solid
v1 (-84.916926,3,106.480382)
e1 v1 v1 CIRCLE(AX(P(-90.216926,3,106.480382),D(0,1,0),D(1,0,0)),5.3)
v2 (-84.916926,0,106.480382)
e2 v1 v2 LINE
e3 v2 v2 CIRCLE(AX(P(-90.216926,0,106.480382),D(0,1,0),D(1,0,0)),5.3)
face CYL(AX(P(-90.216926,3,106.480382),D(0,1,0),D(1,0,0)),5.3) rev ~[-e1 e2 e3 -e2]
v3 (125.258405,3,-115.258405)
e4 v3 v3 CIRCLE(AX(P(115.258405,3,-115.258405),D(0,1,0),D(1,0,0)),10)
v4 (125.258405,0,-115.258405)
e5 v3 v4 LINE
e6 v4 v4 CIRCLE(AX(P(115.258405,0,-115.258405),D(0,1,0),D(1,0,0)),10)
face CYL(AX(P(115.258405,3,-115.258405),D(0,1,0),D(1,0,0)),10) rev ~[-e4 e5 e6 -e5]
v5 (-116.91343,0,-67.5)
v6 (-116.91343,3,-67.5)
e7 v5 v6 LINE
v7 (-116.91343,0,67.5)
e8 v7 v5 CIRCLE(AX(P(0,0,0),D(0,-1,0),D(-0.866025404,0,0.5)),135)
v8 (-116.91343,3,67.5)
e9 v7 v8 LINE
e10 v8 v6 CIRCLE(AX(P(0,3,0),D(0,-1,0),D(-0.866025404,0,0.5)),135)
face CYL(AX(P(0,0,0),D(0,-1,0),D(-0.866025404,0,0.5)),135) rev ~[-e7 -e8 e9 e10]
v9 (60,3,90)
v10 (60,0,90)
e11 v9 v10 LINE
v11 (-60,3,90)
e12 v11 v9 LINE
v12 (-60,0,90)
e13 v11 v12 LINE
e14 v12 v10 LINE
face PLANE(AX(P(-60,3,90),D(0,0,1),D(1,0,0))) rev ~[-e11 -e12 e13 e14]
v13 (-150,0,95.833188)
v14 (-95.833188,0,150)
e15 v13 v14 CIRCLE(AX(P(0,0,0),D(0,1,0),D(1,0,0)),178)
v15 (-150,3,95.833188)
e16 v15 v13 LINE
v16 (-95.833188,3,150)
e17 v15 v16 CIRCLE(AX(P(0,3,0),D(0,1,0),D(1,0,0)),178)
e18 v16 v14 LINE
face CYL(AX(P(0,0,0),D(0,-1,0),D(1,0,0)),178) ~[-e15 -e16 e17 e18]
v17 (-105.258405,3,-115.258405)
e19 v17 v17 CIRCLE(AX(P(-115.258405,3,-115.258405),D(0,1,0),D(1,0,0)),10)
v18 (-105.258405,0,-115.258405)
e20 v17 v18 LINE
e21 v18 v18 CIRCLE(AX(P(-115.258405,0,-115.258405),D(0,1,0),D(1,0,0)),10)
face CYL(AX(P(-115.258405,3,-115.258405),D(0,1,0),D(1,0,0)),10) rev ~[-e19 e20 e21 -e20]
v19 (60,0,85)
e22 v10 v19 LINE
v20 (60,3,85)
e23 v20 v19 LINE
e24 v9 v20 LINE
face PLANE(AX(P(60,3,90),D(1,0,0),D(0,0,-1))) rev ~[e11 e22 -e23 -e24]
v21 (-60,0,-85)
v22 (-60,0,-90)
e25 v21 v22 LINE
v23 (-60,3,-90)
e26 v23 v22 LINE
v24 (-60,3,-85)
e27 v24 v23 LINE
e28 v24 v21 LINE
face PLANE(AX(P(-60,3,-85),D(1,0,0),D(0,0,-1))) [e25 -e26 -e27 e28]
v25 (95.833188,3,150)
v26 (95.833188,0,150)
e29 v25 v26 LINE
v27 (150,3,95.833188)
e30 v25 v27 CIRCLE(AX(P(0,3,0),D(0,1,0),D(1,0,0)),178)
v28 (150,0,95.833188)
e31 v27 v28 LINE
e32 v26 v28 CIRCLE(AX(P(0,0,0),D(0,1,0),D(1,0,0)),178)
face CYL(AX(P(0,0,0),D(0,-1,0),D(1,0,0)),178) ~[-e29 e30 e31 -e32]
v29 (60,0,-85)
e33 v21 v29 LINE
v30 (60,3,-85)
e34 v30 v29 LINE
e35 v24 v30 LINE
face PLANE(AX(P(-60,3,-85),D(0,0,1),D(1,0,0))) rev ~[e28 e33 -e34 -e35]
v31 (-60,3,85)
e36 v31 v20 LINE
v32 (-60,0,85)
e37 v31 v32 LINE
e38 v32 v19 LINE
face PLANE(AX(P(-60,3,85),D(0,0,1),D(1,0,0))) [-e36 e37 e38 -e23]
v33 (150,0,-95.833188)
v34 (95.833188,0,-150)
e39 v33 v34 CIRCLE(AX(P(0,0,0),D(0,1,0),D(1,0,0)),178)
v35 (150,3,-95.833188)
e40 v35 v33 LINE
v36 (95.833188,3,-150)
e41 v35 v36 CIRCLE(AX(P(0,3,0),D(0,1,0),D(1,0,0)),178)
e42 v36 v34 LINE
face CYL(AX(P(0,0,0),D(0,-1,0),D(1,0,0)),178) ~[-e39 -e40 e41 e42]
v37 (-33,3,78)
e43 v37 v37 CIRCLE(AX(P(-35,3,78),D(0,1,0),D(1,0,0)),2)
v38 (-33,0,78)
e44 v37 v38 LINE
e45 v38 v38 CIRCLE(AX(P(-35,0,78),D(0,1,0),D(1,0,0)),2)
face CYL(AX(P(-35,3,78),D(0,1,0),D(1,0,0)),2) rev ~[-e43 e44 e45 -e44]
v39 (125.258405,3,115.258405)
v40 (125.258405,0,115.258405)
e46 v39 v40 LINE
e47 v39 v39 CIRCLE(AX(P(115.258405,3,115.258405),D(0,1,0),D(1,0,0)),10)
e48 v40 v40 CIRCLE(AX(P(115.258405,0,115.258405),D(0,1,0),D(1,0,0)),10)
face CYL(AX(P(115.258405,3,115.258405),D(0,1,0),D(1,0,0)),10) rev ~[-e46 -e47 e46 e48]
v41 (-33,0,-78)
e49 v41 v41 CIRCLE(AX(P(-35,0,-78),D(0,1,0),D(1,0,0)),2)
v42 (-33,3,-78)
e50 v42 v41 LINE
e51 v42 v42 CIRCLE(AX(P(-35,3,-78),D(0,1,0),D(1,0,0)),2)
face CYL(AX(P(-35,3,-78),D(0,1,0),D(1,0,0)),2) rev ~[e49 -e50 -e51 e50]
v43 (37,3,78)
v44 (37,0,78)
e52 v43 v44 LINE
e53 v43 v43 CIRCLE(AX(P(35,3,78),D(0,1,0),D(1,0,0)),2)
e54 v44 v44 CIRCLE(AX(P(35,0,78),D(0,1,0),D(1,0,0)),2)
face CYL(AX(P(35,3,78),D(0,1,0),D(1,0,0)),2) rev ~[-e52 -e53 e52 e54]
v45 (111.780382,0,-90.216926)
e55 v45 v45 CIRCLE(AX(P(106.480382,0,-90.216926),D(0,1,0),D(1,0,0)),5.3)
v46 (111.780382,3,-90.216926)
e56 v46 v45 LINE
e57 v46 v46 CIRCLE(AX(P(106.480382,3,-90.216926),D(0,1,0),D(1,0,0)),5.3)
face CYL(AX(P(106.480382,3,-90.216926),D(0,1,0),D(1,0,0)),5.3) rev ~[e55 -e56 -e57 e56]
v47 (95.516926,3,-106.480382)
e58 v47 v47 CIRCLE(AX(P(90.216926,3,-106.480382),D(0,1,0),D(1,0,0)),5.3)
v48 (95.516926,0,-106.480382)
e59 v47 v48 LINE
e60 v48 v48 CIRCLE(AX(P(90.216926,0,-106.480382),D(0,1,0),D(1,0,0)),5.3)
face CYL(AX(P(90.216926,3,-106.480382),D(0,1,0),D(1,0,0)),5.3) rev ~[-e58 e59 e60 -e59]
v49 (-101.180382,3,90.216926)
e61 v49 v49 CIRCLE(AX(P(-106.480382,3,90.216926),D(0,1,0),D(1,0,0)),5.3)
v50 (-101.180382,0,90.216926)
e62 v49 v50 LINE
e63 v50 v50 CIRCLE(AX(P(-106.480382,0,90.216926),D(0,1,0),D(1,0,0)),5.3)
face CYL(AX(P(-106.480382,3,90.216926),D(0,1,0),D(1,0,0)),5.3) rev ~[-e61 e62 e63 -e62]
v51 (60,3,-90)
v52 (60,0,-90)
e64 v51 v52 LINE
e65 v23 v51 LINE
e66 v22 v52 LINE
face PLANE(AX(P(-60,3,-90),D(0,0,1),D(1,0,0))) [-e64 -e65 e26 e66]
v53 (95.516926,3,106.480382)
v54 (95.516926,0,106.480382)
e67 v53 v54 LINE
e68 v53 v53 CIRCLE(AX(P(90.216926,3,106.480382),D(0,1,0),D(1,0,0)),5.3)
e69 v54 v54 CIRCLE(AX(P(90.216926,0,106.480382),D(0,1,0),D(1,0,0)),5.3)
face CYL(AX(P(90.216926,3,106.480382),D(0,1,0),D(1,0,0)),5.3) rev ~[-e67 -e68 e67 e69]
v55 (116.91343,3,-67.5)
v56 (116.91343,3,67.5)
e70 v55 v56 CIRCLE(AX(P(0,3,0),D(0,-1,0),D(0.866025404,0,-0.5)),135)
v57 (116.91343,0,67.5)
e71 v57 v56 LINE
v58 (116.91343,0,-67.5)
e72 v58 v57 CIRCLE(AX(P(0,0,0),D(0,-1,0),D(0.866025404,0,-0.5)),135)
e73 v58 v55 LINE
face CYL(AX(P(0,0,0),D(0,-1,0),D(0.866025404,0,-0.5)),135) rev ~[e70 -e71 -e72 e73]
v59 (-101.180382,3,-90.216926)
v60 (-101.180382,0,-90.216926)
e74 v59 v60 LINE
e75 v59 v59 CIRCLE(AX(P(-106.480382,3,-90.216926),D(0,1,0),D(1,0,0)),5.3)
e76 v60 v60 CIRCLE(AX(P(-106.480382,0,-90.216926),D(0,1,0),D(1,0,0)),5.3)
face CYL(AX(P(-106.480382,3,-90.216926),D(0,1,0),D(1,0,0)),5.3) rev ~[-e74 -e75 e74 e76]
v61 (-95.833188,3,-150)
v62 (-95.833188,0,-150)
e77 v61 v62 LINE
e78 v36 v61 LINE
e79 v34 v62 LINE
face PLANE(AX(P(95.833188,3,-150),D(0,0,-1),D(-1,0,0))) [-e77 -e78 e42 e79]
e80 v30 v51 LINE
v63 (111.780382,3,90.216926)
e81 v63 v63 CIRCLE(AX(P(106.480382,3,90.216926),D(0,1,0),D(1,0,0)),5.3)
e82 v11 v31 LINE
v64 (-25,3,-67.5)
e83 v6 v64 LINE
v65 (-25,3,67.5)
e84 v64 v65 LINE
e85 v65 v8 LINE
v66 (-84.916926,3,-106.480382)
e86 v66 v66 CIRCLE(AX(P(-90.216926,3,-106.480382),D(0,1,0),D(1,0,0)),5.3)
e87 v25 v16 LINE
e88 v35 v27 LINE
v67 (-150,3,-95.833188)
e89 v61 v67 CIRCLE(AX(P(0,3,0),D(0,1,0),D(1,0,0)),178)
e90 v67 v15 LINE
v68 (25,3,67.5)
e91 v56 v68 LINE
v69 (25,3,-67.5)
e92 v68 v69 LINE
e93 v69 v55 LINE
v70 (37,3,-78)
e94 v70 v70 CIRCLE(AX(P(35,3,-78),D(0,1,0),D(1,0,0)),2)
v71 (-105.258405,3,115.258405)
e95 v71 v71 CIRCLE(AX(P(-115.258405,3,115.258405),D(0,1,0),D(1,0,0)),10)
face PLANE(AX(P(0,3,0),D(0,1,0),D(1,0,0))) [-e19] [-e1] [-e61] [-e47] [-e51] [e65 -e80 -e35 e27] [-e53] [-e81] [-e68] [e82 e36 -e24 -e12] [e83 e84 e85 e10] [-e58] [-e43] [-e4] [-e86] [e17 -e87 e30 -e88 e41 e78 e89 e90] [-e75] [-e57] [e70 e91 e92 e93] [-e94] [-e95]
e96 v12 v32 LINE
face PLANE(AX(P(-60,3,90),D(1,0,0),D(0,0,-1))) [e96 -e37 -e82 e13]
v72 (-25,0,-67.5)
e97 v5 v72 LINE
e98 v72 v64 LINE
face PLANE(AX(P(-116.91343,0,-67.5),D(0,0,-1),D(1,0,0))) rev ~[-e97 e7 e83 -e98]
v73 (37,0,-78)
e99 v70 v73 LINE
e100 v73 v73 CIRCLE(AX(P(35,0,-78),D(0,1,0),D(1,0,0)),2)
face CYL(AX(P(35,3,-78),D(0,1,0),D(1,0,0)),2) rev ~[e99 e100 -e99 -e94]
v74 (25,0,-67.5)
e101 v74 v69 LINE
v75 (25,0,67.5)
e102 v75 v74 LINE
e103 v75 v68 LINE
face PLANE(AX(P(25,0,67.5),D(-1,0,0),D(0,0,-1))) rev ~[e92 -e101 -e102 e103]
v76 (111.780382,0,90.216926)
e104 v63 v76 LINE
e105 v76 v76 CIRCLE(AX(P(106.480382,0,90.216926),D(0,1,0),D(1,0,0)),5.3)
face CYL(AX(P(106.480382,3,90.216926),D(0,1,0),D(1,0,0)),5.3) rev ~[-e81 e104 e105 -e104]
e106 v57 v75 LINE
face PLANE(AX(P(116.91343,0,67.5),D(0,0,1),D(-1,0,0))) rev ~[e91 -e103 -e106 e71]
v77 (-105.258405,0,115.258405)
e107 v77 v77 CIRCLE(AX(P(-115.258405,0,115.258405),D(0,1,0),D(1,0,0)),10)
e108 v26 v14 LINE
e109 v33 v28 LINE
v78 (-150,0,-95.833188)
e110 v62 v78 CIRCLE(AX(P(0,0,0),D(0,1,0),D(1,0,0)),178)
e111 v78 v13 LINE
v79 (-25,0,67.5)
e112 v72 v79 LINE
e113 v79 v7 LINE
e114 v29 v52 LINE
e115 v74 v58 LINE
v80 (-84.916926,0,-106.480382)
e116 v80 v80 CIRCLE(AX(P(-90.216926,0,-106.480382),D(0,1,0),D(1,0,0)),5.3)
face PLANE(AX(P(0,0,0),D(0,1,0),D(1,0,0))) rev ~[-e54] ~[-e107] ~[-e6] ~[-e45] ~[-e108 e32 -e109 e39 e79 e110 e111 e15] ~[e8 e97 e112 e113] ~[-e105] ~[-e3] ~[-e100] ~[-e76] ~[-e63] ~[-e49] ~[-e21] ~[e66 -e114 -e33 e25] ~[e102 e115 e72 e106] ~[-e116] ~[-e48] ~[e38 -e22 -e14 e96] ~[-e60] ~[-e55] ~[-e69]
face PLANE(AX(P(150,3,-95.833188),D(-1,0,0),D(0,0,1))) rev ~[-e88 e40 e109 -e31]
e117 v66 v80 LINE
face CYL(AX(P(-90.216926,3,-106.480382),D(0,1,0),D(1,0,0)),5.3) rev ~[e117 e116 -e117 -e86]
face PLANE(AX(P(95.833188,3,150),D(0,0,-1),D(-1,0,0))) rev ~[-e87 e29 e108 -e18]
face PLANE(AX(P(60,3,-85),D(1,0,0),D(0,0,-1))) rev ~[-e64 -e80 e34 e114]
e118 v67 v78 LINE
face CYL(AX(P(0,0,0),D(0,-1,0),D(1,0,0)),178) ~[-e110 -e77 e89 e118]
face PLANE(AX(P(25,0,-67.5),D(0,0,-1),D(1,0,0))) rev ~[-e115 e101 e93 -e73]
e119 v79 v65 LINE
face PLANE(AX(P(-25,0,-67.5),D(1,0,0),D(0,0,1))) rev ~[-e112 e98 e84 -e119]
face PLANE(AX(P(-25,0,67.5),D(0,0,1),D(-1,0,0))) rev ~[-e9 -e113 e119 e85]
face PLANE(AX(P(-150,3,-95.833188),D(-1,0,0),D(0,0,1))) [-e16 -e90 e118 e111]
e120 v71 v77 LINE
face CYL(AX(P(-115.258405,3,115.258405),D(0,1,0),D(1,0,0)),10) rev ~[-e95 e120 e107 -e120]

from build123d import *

# Parameters (mm, degrees)
SKETCH_3_R          = 178
EXTRUDE_3_DEPTH     = 3
SKETCH_4_R          = 10
SKETCH_4_R_2        = 5.3
CUT_EXTRUDE_1_DEPTH = 10
CUT_EXTRUDE_2_DEPTH = 10
SKETCH_6_R          = 2
SKETCH_6_W          = 120
SKETCH_6_H          = 5
CUT_EXTRUDE_3_DEPTH = 10


with BuildPart() as part:
    # 草图3 → 凸台-拉伸3 (new body)
    with BuildSketch(Plane(origin=(0, 0, 0), x_dir=(1, 0, 0), z_dir=(0, 1, 0))):
        Circle(SKETCH_3_R)
        with BuildLine():
            Line((-25, 33.75), (-25, -67.5))
            Line((-25, -67.5), (-116.913429511, -67.5))
            ThreePointArc((-116.913429511, -67.5), (-135, 0), (-116.913429511, 67.5))
            Line((-116.913429511, 67.5), (-25, 67.5))
            Line((-25, 67.5), (-25, 33.75))
        make_face(mode=Mode.SUBTRACT)
        with BuildLine():
            Line((25, 33.75), (25, 67.5))
            Line((25, 67.5), (116.913429511, 67.5))
            ThreePointArc((116.913429511, 67.5), (135, 0), (116.913429511, -67.5))
            Line((116.913429511, -67.5), (25, -67.5))
            Line((25, -67.5), (25, 33.75))
        make_face(mode=Mode.SUBTRACT)
    extrude(amount=EXTRUDE_3_DEPTH)

    # 草图4 → 切除-拉伸1 (cut)
    with BuildSketch(Plane(origin=(0, 3, 0), x_dir=(1, 0, 0), z_dir=(0, 1, 0))):
        with Locations((115.258405333, 115.258405333)):
            Circle(SKETCH_4_R)
        with Locations((115.258405333, -115.258405333)):
            Circle(SKETCH_4_R)
        with Locations((-115.258405333, -115.258405333)):
            Circle(SKETCH_4_R)
        with Locations((-115.258405333, 115.258405333)):
            Circle(SKETCH_4_R)
        with Locations((-90.216925784, -106.480381752)):
            Circle(SKETCH_4_R_2)
        with Locations((-106.480381752, -90.216925784)):
            Circle(SKETCH_4_R_2)
        with Locations((-106.480381752, 90.216925784)):
            Circle(SKETCH_4_R_2)
        with Locations((-90.216925784, 106.480381752)):
            Circle(SKETCH_4_R_2)
        with Locations((90.216925784, 106.480381752)):
            Circle(SKETCH_4_R_2)
        with Locations((106.480381752, 90.216925784)):
            Circle(SKETCH_4_R_2)
        with Locations((106.480381752, -90.216925784)):
            Circle(SKETCH_4_R_2)
        with Locations((90.216925784, -106.480381752)):
            Circle(SKETCH_4_R_2)
    extrude(amount=-CUT_EXTRUDE_1_DEPTH, mode=Mode.SUBTRACT)

    # 草图5 → 切除-拉伸2 (cut)
    with BuildSketch(Plane(origin=(0, 3, 0), x_dir=(1, 0, 0), z_dir=(0, 1, 0))):
        with BuildLine():
            Line((95.833188406, 150), (0, 150))
            Line((0, 150), (-95.833188406, 150))
            ThreePointArc((-95.833188406, 150), (0, 178), (95.833188406, 150))
        make_face()
        with BuildLine():
            Line((150, 95.833188406), (150, 0))
            Line((150, 0), (150, -95.833188406))
            ThreePointArc((150, -95.833188406), (178, 0), (150, 95.833188406))
        make_face()
        with BuildLine():
            Line((95.833188406, -150), (0, -150))
            Line((0, -150), (-95.833188406, -150))
            ThreePointArc((-95.833188406, -150), (0, -178), (95.833188406, -150))
        make_face()
        with BuildLine():
            Line((-150, 0), (-150, -95.833188406))
            ThreePointArc((-150, -95.833188406), (-178, 0), (-150, 95.833188406))
            Line((-150, 95.833188406), (-150, 0))
        make_face()
    extrude(amount=-CUT_EXTRUDE_2_DEPTH, mode=Mode.SUBTRACT)

    # 草图6 → 切除-拉伸3 (cut)
    with BuildSketch(Plane(origin=(0, 3, 0), x_dir=(1, 0, 0), z_dir=(0, 1, 0))):
        with Locations((35, -78)):
            Circle(SKETCH_6_R)
        with Locations((-35, -78)):
            Circle(SKETCH_6_R)
        with Locations((-35, 78)):
            Circle(SKETCH_6_R)
        with Locations((35, 78)):
            Circle(SKETCH_6_R)
        with Locations((0, -87.5)):
            Rectangle(SKETCH_6_W, SKETCH_6_H)
        with Locations((0, 87.5)):
            Rectangle(SKETCH_6_W, SKETCH_6_H)
    extrude(amount=-CUT_EXTRUDE_3_DEPTH, mode=Mode.SUBTRACT)


solid = part.part
